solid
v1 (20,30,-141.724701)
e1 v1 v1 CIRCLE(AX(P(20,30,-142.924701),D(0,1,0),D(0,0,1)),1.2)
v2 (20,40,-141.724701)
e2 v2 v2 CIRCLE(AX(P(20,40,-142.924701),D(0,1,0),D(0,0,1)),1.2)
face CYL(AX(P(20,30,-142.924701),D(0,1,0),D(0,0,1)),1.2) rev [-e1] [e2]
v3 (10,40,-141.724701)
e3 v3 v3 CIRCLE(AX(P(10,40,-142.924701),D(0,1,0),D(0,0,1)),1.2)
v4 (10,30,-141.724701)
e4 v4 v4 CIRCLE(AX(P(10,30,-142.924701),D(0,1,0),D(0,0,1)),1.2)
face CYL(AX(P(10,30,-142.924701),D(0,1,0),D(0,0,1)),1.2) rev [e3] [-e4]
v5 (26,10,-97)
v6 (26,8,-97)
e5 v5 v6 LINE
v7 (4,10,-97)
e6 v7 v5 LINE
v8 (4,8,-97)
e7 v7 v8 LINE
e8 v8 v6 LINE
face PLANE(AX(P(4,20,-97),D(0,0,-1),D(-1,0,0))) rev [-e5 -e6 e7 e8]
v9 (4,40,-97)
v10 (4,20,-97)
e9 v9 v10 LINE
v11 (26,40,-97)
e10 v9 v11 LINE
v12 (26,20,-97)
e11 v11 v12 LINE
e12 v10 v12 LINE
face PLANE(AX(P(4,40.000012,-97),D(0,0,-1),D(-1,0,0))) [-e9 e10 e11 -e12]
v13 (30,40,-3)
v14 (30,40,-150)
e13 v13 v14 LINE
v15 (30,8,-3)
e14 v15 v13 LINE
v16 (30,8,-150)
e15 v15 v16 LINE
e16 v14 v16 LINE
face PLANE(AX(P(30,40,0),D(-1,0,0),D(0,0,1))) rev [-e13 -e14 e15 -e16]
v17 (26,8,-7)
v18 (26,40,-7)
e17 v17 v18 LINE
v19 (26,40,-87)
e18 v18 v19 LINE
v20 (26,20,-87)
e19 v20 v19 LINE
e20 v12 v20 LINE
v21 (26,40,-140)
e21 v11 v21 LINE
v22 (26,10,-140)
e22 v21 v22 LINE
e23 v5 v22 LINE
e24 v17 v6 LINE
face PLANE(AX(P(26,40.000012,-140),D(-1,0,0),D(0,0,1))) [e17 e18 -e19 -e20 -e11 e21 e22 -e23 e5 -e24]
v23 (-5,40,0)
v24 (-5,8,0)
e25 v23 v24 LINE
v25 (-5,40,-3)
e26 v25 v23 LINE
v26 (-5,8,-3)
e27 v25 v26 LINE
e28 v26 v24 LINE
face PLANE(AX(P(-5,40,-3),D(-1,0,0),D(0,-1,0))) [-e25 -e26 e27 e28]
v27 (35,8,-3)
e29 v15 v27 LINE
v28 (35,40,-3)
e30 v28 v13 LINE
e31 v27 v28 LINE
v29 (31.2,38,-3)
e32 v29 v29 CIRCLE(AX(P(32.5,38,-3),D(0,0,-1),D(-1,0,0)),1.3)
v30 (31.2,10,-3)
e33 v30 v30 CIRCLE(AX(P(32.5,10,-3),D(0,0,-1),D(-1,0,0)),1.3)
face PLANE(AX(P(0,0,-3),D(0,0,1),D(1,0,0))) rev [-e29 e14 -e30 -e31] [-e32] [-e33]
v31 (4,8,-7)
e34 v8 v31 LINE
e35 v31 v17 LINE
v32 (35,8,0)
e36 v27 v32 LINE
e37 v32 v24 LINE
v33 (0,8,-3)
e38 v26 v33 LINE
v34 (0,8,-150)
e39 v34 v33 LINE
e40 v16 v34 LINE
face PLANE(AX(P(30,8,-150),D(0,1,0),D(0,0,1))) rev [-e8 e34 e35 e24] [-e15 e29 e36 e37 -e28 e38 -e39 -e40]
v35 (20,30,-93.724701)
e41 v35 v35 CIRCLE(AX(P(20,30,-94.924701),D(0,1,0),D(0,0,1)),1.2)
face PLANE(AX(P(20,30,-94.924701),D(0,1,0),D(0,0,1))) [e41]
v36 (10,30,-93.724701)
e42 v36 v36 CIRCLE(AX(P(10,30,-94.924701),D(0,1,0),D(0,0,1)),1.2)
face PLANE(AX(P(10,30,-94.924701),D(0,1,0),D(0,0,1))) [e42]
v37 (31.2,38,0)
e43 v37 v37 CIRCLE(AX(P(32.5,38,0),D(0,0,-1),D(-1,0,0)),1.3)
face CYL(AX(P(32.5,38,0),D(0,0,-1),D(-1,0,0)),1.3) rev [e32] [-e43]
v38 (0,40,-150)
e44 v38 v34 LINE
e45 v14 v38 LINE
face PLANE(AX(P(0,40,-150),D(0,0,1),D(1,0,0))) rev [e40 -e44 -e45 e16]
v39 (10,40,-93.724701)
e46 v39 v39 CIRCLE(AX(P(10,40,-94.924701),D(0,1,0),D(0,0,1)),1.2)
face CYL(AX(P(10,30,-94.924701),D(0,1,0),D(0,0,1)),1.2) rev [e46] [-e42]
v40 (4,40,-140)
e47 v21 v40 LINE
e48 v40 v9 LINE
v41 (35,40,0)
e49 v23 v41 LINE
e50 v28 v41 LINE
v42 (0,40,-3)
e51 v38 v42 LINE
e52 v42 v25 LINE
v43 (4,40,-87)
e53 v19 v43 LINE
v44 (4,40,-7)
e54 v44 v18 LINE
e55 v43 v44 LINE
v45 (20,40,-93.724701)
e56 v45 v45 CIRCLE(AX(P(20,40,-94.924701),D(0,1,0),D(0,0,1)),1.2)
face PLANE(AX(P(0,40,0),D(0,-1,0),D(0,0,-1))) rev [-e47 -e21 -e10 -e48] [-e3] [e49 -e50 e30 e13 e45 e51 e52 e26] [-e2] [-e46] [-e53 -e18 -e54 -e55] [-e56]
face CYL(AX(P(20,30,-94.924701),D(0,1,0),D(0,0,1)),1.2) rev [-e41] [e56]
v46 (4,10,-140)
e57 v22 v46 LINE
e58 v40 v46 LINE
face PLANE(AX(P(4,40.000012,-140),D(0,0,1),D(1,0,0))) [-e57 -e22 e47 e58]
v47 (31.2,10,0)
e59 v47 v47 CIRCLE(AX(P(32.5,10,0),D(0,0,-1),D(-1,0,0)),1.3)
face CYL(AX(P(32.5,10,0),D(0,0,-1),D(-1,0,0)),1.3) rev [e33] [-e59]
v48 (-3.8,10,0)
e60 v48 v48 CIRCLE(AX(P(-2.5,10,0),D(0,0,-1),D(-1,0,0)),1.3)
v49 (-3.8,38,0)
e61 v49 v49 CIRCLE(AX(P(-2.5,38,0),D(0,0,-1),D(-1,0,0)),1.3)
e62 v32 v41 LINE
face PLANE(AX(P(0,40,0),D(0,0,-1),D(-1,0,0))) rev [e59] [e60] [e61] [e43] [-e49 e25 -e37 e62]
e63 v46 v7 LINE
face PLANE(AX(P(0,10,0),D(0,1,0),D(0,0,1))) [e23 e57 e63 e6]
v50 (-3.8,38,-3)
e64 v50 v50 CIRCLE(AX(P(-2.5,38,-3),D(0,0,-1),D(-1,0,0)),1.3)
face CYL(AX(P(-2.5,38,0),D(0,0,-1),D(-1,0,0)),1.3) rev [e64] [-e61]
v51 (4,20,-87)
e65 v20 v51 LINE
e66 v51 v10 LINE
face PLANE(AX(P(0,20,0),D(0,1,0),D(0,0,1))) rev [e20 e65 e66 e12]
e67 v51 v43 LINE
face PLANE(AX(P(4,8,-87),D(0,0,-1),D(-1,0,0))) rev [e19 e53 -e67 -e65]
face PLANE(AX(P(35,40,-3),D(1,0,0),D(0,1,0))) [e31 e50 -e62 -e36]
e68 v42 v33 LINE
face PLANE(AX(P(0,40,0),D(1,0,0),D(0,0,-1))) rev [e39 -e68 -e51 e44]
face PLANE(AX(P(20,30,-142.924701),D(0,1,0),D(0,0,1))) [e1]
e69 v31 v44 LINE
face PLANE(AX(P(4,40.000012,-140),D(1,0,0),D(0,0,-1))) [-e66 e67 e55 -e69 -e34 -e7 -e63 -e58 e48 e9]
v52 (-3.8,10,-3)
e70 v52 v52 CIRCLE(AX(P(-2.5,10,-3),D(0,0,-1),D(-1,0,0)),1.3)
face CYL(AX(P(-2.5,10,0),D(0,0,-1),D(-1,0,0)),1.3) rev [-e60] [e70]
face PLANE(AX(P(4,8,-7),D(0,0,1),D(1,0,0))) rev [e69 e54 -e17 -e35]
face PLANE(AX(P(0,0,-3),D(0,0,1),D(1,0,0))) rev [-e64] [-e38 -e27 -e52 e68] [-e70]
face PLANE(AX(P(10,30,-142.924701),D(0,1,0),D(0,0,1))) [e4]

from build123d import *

# Parameters (mm, degrees)
SKETCH1_W               = 30
SKETCH1_H               = 150
BOSS_EXTRUDE1_DEPTH     = 40
CUT_EXTRUDE1_DEPTH      = 159.113883008
CUT_EXTRUDE1_DEPTH_BACK = 30
SKETCH2_W               = 22
SKETCH2_H               = 43
SKETCH4_W               = 22
SKETCH4_H               = 10
CUT_EXTRUDE2_DEPTH      = 20
CUT_EXTRUDE3_DEPTH      = 159.113883008
CUT_EXTRUDE3_DEPTH_BACK = 159.113883008
SKETCH5_W               = 150
SKETCH5_H               = 8
SKETCH6_R               = 1.2
CUT_EXTRUDE4_DEPTH      = 10
SKETCH7_W               = 40
SKETCH7_H               = 32
BOSS_EXTRUDE2_DEPTH     = 3
SKETCH8_R               = 1.3
CUT_EXTRUDE5_DEPTH      = 157.31378698
SKETCH9_W               = 22
SKETCH9_H               = 80
CUT_EXTRUDE6_DEPTH      = 158.318148985


with BuildPart() as part:
    # Sketch1 → Boss-Extrude1 (new body)
    with BuildSketch(Plane(origin=(0, 0, 0), x_dir=(1, 0, 0), z_dir=(0, 1, 0))):
        with Locations((15, 75)):
            Rectangle(SKETCH1_W, SKETCH1_H)
    extrude(amount=BOSS_EXTRUDE1_DEPTH)

    # Sketch2 → Cut-Extrude1 (cut, two sides: drawn at the far end of the back side and taken through both)
    with BuildSketch(Plane(origin=(0, 40, 0), x_dir=(1, 0, 0), z_dir=(0, 1, 0)).offset(-CUT_EXTRUDE1_DEPTH_BACK)):
        with Locations((15, 118.5)):
            Rectangle(SKETCH2_W, SKETCH2_H)
    extrude(amount=CUT_EXTRUDE1_DEPTH + CUT_EXTRUDE1_DEPTH_BACK, mode=Mode.SUBTRACT)

    # Sketch4 → Cut-Extrude2 (cut)
    with BuildSketch(Plane.XZ):
        with Locations((15, -92)):
            Rectangle(SKETCH4_W, SKETCH4_H)
    extrude(amount=-CUT_EXTRUDE2_DEPTH, mode=Mode.SUBTRACT)

    # Sketch5 → Cut-Extrude3 (cut, two sides: drawn at the far end of the back side and taken through both)
    with BuildSketch(Plane.ZY.offset(-CUT_EXTRUDE3_DEPTH_BACK)):
        with Locations((-75, 4)):
            Rectangle(SKETCH5_W, SKETCH5_H)
    extrude(amount=CUT_EXTRUDE3_DEPTH + CUT_EXTRUDE3_DEPTH_BACK, mode=Mode.SUBTRACT)

    # Sketch6 → Cut-Extrude4 (cut)
    with BuildSketch(Plane(origin=(0, 40, 0), x_dir=(1, 0, 0), z_dir=(0, 1, 0))):
        with Locations(Location((10, 142.924700648, 0), (0, 0, 270))):
            Circle(SKETCH6_R)
        with Locations(Location((20, 142.924700648, 0), (0, 0, 270))):
            Circle(SKETCH6_R)
        with Locations(Location((10, 94.924700648, 0), (0, 0, 270))):
            Circle(SKETCH6_R)
        with Locations(Location((20, 94.924700648, 0), (0, 0, 270))):
            Circle(SKETCH6_R)
    extrude(amount=-CUT_EXTRUDE4_DEPTH, mode=Mode.SUBTRACT)

    # Sketch7 → Boss-Extrude2 (add)
    with BuildSketch(Plane.XY):
        with Locations((15, 24)):
            Rectangle(SKETCH7_W, SKETCH7_H)
    extrude(amount=-BOSS_EXTRUDE2_DEPTH)

    # Sketch8 → Cut-Extrude5 (cut, through all)
    with BuildSketch(Plane(origin=(0, 0, -3), x_dir=(-1, 0, 0), z_dir=(0, 0, -1))):
        with Locations((-32.5, 38)):
            Circle(SKETCH8_R)
        with Locations((-32.5, 10)):
            Circle(SKETCH8_R)
        with Locations((2.5, 38)):
            Circle(SKETCH8_R)
        with Locations((2.5, 10)):
            Circle(SKETCH8_R)
    extrude(amount=-CUT_EXTRUDE5_DEPTH, mode=Mode.SUBTRACT)

    # Sketch9 → Cut-Extrude6 (cut, through all)
    with BuildSketch(Plane(origin=(0, 40, 0), x_dir=(1, 0, 0), z_dir=(0, 1, 0))):
        with Locations((15, 47)):
            Rectangle(SKETCH9_W, SKETCH9_H)
    extrude(amount=-CUT_EXTRUDE6_DEPTH, mode=Mode.SUBTRACT)


solid = part.part
